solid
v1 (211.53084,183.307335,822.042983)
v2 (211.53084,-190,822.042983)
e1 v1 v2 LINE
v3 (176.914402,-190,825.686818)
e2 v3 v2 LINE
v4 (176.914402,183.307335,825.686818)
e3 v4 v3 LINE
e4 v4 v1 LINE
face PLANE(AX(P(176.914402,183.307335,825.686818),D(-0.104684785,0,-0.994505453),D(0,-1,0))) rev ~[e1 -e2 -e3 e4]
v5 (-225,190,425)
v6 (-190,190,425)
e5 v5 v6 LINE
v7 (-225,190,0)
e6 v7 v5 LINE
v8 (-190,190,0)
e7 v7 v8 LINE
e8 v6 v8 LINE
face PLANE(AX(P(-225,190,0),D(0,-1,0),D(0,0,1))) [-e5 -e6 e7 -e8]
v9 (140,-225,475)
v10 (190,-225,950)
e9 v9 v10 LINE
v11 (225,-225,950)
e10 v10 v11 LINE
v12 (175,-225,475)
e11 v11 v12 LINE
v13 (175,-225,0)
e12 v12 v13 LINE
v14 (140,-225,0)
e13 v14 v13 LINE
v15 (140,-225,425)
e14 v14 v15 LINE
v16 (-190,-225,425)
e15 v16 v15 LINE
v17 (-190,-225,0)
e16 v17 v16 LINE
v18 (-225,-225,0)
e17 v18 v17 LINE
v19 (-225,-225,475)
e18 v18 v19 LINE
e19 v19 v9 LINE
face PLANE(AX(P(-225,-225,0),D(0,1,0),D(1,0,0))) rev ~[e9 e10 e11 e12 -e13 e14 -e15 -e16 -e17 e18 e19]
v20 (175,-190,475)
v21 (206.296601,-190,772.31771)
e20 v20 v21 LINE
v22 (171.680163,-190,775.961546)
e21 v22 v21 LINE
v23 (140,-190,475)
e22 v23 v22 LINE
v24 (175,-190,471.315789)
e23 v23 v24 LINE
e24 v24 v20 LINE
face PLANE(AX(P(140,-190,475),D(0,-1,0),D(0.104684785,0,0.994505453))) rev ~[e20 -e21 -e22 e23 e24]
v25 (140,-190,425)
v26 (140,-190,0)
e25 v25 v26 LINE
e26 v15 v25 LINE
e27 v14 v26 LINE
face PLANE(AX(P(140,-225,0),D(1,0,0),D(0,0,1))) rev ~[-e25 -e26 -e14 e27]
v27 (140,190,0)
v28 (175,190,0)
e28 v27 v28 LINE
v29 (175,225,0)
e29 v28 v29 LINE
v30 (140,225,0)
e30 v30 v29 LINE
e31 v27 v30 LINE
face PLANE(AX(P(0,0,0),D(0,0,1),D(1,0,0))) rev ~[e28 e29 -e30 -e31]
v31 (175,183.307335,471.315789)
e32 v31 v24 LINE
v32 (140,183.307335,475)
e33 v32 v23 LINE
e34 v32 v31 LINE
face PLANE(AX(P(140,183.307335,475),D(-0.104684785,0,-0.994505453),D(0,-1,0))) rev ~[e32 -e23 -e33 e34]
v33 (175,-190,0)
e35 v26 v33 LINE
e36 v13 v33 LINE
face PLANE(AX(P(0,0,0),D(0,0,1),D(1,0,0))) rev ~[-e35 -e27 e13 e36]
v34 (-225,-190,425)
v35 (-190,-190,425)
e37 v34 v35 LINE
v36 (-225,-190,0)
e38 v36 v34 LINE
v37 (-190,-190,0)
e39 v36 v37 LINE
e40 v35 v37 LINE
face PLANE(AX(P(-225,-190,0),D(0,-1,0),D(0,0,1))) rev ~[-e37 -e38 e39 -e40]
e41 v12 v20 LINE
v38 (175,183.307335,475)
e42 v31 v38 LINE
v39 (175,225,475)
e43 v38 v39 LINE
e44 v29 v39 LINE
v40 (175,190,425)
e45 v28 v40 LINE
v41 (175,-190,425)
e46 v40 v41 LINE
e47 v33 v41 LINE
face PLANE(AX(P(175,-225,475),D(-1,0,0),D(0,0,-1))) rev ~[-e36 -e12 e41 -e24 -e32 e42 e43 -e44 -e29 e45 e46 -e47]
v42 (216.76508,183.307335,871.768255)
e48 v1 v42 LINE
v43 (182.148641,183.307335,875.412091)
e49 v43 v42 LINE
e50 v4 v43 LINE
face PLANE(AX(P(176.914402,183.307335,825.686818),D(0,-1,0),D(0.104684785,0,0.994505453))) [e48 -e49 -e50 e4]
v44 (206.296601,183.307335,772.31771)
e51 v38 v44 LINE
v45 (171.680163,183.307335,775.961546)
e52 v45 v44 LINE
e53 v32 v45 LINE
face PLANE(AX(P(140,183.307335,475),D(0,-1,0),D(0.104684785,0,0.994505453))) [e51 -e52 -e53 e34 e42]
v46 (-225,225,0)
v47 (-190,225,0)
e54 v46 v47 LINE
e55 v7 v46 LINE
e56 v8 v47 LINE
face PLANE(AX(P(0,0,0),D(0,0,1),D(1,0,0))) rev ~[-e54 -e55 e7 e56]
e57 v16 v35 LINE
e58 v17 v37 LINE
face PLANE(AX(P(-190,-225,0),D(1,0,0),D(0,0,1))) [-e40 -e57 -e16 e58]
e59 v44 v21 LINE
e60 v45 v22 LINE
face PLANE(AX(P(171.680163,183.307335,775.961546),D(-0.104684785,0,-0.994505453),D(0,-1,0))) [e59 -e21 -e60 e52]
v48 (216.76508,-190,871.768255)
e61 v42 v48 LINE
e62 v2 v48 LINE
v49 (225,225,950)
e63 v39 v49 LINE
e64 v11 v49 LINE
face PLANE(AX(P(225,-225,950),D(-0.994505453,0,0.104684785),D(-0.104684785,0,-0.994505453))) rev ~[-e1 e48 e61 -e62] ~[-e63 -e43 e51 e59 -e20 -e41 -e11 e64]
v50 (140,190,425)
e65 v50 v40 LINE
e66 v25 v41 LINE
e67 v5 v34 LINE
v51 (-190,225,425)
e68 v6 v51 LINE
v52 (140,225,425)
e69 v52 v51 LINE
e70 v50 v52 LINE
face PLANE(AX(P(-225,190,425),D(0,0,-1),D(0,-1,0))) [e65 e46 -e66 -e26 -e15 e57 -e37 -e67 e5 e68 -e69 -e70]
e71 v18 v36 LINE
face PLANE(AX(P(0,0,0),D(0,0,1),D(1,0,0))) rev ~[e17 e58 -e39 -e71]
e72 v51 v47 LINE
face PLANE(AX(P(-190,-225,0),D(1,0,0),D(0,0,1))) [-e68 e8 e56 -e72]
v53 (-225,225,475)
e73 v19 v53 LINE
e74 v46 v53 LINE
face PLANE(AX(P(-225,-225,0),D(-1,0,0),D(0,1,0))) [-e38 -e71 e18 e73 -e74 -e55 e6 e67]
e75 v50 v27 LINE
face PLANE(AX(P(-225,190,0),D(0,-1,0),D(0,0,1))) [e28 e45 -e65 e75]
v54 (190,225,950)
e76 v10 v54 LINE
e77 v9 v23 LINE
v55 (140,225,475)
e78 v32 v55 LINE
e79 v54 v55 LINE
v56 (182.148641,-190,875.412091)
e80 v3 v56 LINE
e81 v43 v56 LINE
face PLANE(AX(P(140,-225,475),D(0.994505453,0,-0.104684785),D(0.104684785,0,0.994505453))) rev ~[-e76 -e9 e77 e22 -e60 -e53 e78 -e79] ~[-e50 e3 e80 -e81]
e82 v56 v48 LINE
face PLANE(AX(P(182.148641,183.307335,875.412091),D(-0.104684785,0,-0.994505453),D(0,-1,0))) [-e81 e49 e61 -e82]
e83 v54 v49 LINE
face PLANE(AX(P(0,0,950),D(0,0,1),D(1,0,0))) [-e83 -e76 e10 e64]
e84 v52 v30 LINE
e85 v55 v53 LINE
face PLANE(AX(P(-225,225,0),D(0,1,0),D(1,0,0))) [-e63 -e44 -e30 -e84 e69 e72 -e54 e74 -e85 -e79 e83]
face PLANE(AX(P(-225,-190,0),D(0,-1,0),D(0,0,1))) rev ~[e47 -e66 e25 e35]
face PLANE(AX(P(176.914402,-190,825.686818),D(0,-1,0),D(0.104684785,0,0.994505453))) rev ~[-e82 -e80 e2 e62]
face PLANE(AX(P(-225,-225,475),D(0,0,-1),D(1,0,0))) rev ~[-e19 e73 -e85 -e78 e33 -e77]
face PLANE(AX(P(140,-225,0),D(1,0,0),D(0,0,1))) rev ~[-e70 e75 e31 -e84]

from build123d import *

# Parameters (mm, degrees)
F0_W     = 450
F0_H     = 450
F1_DEPTH = 950
F2_W     = 50
F2_H     = 50
F2_W_2   = 330
F2_H_2   = 425
F3_DEPTH = 450.001
F4_W     = 380
F4_H     = 425
F5_DEPTH = 450.001
F6_W     = 373.3073347807
F6_H     = 50
F6_H_2   = 302.6243293636
F7_DEPTH = 134.2592361444


with BuildPart() as f1:
    # F0 (on Top) → F1 (new body)
    with BuildSketch(Plane.XY):
        Rectangle(F0_W, F0_H)
    extrude(amount=F1_DEPTH)

    # F2 (on face) → F3 (cut, through all)
    with BuildSketch(Plane.XZ.offset(225)):
        with Locations((200, 450)):
            Rectangle(F2_W, F2_H)
        Polygon((-225, 475), (140, 475), (190, 950), (-225, 950), align=None)
        Polygon((175, 475), (225, 475), (225, 950), align=None)
        with Locations((-25, 212.5)):
            Rectangle(F2_W_2, F2_H_2)
        with Locations((200, 212.5)):
            Rectangle(F2_W, F2_H_2)
    extrude(amount=-F3_DEPTH, mode=Mode.SUBTRACT)

    # F4 (on face) → F5 (cut, through all)
    with BuildSketch(Plane(origin=(-225, 0, 0), x_dir=(0, -1, 0), z_dir=(-1, 0, 0))):
        with Locations((0, 212.5)):
            Rectangle(F4_W, F4_H)
    extrude(amount=-F5_DEPTH, mode=Mode.SUBTRACT)

    # F6 (on face) → F7 (cut, through all)
    with BuildSketch(Plane(origin=(89.0136986301, 0, -9.3698630137), x_dir=(0, -1, 0), z_dir=(-0.9945054529, 0, 0.1046847845))):
        with Locations((3.3463326097, 864.6702893338)):
            Rectangle(F6_W, F6_H)
        with Locations((3.3463326097, 638.358124652)):
            Rectangle(F6_W, F6_H_2)
    extrude(amount=-F7_DEPTH, mode=Mode.SUBTRACT)


solid = f1.part
